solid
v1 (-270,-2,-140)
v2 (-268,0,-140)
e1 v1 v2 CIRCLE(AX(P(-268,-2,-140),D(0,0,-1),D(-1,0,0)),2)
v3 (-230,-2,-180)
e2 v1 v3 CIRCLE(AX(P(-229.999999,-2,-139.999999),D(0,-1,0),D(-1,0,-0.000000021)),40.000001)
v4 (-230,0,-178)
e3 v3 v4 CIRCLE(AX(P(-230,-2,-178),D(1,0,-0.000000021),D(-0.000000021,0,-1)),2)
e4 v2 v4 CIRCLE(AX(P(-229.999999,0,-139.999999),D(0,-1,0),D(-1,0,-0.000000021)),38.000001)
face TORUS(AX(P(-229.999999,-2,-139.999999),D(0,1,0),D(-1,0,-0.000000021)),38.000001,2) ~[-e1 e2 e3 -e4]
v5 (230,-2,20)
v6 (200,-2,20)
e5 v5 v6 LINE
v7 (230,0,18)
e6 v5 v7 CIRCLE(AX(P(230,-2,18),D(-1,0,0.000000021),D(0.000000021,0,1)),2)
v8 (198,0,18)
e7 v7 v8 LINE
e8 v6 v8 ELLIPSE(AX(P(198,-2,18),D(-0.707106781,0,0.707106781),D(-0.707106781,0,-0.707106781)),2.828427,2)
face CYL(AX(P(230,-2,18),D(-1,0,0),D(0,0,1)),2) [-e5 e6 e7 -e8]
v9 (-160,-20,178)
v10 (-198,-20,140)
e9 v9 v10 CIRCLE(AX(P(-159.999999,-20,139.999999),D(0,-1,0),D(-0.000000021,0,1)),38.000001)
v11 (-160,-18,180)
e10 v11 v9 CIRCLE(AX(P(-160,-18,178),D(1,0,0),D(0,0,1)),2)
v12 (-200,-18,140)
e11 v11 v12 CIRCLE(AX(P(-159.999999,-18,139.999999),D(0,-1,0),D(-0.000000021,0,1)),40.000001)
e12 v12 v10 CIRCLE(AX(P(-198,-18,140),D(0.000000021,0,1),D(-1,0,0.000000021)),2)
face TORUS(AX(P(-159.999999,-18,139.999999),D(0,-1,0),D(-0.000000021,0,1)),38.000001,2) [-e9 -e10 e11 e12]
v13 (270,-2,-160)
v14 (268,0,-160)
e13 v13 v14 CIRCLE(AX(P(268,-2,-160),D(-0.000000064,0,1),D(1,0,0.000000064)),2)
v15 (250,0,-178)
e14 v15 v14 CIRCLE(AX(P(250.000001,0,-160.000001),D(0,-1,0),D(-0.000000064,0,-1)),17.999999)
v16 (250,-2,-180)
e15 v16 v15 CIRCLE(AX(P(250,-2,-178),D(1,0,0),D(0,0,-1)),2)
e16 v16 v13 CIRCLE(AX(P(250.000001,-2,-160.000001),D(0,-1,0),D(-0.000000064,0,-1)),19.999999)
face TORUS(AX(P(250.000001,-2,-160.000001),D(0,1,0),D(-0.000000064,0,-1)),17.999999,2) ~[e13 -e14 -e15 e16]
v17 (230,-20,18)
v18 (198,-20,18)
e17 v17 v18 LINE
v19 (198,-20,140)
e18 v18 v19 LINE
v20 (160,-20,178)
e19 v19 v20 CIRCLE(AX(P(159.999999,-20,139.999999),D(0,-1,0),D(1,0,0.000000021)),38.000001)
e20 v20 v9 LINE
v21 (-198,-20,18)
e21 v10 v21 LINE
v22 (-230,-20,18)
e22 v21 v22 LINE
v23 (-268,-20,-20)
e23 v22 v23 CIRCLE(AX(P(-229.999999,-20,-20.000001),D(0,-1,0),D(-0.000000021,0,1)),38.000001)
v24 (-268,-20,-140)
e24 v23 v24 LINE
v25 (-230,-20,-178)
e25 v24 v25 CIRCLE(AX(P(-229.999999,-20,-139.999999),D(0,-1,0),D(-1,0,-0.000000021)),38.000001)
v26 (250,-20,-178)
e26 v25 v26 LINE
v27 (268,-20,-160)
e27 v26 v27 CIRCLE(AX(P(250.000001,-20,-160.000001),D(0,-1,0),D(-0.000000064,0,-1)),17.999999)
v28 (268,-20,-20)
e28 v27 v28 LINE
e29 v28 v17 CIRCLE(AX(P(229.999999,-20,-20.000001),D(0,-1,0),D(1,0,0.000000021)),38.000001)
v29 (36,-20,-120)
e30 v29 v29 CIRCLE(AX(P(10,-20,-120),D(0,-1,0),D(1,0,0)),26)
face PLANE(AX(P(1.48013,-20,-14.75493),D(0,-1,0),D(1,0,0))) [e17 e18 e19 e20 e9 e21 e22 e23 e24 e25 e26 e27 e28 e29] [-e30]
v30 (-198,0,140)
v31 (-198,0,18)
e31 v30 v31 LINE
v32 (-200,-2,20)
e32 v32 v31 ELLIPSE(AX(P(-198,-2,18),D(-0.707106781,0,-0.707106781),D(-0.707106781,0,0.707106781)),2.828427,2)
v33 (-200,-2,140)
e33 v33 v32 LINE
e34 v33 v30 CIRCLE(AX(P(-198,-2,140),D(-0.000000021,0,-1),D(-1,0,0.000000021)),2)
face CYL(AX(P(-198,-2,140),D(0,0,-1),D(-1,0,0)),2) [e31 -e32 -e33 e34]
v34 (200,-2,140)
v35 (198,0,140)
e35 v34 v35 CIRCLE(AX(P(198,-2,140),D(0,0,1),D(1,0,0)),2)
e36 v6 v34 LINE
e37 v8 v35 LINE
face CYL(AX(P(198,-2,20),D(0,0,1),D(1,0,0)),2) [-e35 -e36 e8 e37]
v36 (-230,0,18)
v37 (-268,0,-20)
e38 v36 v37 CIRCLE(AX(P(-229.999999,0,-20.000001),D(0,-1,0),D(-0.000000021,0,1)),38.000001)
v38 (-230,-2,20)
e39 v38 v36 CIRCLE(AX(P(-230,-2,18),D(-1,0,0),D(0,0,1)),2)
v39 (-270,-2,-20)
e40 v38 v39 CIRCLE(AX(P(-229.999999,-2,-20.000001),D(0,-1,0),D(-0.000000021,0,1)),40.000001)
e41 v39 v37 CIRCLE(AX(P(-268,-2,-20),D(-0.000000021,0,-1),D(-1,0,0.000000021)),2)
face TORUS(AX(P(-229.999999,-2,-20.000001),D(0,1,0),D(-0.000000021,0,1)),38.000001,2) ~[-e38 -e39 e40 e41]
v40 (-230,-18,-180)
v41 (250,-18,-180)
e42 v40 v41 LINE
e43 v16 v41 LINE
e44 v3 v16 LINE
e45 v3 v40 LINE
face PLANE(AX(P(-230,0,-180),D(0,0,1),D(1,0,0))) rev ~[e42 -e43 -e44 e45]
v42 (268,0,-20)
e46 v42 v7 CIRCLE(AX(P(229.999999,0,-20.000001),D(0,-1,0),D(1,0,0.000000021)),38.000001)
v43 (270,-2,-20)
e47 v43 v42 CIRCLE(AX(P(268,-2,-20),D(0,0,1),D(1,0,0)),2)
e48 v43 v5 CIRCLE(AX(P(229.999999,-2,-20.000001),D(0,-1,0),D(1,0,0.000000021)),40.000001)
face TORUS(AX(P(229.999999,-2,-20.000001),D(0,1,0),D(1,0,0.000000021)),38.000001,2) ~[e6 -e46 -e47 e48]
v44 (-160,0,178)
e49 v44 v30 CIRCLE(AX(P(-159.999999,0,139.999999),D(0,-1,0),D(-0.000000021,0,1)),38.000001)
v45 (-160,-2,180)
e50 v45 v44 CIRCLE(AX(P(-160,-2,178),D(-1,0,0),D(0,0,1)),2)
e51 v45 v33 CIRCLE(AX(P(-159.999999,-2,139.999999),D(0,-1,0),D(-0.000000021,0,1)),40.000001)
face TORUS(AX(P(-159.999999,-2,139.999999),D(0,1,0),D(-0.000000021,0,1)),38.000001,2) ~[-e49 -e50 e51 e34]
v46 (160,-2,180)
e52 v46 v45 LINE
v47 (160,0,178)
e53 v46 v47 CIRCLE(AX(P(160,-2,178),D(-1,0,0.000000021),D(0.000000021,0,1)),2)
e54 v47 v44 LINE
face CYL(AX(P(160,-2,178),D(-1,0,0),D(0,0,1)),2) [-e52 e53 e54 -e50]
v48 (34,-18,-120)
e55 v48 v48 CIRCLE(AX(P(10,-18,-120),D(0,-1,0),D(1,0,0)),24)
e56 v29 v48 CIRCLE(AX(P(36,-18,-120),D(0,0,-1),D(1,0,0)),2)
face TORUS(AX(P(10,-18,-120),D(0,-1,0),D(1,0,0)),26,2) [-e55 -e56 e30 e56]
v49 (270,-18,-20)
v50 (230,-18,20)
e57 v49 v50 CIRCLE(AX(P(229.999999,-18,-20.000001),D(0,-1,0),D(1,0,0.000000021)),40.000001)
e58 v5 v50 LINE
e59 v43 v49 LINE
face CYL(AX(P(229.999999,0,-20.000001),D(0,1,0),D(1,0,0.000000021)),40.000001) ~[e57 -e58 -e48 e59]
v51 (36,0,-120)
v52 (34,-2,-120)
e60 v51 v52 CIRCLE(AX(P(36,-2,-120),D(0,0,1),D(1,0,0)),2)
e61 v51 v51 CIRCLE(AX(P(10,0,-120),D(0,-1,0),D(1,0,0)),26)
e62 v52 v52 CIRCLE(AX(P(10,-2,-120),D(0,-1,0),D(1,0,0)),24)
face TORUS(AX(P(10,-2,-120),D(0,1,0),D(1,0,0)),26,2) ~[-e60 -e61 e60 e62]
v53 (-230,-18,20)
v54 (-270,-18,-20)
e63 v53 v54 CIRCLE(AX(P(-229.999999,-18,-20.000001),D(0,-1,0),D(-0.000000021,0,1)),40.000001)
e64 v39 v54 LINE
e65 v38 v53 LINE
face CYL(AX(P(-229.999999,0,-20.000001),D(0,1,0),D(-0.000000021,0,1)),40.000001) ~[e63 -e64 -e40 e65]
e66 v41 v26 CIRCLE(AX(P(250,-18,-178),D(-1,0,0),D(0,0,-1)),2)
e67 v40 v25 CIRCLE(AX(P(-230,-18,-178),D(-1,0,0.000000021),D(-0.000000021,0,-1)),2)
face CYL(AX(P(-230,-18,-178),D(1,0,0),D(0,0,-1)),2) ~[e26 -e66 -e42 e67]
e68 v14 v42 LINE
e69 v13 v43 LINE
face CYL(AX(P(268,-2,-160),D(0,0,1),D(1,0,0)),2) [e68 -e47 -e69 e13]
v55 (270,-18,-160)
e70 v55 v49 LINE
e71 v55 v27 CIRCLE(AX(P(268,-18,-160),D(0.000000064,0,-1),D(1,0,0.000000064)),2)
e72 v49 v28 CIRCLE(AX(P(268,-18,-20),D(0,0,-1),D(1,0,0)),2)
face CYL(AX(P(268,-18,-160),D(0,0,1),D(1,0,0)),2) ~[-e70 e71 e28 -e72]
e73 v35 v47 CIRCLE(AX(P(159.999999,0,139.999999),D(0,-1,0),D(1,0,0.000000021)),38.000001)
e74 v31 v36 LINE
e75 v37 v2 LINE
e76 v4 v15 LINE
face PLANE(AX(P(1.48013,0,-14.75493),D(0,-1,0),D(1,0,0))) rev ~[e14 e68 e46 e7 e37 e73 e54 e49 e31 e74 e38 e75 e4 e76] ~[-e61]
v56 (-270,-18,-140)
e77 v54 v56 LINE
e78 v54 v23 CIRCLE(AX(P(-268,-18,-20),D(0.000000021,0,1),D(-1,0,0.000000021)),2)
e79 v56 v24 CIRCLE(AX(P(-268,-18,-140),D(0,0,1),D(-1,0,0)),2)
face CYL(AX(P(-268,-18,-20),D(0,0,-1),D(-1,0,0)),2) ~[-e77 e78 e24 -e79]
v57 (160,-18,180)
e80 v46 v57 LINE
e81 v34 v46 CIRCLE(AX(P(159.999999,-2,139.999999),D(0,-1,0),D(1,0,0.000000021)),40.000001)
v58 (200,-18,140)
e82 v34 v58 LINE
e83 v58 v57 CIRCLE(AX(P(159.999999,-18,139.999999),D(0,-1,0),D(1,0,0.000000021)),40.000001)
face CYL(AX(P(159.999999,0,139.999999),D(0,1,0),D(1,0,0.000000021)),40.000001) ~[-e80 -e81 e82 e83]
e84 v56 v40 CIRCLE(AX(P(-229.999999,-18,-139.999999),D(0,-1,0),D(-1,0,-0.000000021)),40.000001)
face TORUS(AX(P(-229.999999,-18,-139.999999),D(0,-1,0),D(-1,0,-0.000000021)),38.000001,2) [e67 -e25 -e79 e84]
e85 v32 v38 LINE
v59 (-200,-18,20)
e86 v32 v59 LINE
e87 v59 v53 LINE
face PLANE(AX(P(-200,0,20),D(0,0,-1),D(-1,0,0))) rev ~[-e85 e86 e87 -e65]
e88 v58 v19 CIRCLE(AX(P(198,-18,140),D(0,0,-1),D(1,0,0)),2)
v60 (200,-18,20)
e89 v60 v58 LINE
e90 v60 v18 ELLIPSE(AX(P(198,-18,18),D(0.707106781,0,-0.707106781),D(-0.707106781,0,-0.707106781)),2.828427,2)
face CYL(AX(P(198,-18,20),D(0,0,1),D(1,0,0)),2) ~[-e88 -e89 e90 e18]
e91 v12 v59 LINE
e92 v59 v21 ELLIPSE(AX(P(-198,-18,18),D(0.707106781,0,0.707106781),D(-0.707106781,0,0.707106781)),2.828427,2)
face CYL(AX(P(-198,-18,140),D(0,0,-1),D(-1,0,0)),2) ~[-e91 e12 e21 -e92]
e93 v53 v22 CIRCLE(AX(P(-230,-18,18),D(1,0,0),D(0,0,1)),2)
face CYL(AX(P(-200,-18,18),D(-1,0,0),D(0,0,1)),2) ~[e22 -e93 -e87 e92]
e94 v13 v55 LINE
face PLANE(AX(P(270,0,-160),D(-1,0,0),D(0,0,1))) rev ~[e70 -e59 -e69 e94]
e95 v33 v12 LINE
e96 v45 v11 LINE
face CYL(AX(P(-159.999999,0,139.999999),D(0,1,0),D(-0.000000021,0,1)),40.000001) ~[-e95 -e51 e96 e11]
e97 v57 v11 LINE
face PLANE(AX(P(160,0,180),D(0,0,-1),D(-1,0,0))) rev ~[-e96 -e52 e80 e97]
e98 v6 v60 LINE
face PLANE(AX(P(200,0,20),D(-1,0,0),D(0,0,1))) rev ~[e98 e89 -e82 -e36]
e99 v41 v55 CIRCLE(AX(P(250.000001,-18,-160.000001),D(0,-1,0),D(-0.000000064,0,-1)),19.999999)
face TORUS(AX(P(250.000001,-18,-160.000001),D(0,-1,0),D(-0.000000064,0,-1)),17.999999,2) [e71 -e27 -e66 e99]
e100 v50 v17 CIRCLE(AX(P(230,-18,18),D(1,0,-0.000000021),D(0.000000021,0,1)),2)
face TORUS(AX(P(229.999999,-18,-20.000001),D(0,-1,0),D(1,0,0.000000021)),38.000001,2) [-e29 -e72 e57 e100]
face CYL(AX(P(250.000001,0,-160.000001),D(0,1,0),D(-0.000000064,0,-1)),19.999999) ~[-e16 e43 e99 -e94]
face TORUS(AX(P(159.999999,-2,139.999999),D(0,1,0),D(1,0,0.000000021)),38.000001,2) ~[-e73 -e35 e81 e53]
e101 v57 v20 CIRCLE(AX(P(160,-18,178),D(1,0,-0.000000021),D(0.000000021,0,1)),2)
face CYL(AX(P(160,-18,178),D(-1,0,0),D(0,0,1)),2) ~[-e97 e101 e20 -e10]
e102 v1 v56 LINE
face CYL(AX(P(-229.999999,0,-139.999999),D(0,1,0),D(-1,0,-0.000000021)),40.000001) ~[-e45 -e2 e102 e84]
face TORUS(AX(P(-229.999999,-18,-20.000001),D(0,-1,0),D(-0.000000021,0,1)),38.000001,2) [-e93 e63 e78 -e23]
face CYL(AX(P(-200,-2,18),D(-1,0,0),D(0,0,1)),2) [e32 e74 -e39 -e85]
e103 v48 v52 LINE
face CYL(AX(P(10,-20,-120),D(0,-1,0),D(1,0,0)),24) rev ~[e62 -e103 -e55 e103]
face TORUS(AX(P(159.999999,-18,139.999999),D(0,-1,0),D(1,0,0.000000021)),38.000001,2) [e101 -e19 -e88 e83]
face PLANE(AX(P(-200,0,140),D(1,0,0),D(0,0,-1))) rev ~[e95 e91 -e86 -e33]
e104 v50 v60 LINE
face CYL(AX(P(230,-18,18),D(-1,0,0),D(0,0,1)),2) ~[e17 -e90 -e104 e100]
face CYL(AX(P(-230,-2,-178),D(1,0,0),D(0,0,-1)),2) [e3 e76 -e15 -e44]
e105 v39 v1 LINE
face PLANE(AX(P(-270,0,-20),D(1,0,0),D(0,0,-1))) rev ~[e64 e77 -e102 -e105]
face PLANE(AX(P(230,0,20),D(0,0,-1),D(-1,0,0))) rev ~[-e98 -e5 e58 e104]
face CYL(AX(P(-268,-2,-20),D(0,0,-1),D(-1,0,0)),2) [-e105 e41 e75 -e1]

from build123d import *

# Parameters (mm, degrees)
F1_DEPTH = 20
F3_R     = 2
F5_DEPTH = 25
F6_R     = 2


with BuildPart() as f1:
    # F0 (on Front) → F1 (new body)
    with BuildSketch(Plane.XZ):
        with BuildLine():
            Line((-230, -180), (250, -180))
            ThreePointArc((250, -180), (264.142136, -174.142136), (270, -160))
            Line((270, -160), (270, -20))
            ThreePointArc((270, -20), (258.284271, 8.284271), (230, 20))
            Line((230, 20), (200, 20))
            Line((200, 20), (200, 140))
            ThreePointArc((200, 140), (188.284271, 168.284271), (160, 180))
            Line((160, 180), (-160, 180))
            ThreePointArc((-160, 180), (-188.284271, 168.284271), (-200, 140))
            Line((-200, 140), (-200, 20))
            Line((-200, 20), (-230, 20))
            ThreePointArc((-230, 20), (-258.284271, 8.284271), (-270, -20))
            Line((-270, -20), (-270, -140))
            ThreePointArc((-270, -140), (-258.284271, -168.284271), (-230, -180))
        make_face()
    extrude(amount=F1_DEPTH)

    # F3
    f3_edges = [f1.edges().sort_by_distance(p)[0] for p in [
        (10, -20, -180),
        (264.142136, -20, -174.142136),
        (270, -20, -90),
        (258.284271, -20, 8.284271),
        (215, -20, 20),
        (200, -20, 80),
        (188.284271, -20, 168.284271),
        (0, -20, 180),
        (-188.284271, -20, 168.284271),
        (-200, -20, 80),
        (-215, -20, 20),
        (-258.284271, -20, 8.284271),
        (-270, -20, -80),
        (-258.284271, -20, -168.284271),
        (10, 0, -180),
        (264.142136, 0, -174.142136),
        (270, 0, -90),
        (258.284271, 0, 8.284271),
        (215, 0, 20),
        (200, 0, 80),
        (188.284271, 0, 168.284271),
        (0, 0, 180),
        (-188.284271, 0, 168.284271),
        (-200, 0, 80),
        (-215, 0, 20),
        (-258.284271, 0, 8.284271),
        (-270, 0, -80),
        (-258.284271, 0, -168.284271),
    ]]
    fillet(f3_edges, radius=F3_R)

    # F4 (on face) → F5 (cut)
    with BuildSketch(Plane.XZ.offset(20)):
        with BuildLine():
            ThreePointArc((-14, -120), (10, -144), (34, -120))
            ThreePointArc((34, -120), (10, -96), (-14, -120))
        make_face()
    extrude(amount=-F5_DEPTH, mode=Mode.SUBTRACT)

    # F6
    f6_edges = [f1.edges().sort_by_distance(p)[0] for p in [
        (34, -20, -120),
        (34, 0, -120),
    ]]
    fillet(f6_edges, radius=F6_R)


solid = f1.part
